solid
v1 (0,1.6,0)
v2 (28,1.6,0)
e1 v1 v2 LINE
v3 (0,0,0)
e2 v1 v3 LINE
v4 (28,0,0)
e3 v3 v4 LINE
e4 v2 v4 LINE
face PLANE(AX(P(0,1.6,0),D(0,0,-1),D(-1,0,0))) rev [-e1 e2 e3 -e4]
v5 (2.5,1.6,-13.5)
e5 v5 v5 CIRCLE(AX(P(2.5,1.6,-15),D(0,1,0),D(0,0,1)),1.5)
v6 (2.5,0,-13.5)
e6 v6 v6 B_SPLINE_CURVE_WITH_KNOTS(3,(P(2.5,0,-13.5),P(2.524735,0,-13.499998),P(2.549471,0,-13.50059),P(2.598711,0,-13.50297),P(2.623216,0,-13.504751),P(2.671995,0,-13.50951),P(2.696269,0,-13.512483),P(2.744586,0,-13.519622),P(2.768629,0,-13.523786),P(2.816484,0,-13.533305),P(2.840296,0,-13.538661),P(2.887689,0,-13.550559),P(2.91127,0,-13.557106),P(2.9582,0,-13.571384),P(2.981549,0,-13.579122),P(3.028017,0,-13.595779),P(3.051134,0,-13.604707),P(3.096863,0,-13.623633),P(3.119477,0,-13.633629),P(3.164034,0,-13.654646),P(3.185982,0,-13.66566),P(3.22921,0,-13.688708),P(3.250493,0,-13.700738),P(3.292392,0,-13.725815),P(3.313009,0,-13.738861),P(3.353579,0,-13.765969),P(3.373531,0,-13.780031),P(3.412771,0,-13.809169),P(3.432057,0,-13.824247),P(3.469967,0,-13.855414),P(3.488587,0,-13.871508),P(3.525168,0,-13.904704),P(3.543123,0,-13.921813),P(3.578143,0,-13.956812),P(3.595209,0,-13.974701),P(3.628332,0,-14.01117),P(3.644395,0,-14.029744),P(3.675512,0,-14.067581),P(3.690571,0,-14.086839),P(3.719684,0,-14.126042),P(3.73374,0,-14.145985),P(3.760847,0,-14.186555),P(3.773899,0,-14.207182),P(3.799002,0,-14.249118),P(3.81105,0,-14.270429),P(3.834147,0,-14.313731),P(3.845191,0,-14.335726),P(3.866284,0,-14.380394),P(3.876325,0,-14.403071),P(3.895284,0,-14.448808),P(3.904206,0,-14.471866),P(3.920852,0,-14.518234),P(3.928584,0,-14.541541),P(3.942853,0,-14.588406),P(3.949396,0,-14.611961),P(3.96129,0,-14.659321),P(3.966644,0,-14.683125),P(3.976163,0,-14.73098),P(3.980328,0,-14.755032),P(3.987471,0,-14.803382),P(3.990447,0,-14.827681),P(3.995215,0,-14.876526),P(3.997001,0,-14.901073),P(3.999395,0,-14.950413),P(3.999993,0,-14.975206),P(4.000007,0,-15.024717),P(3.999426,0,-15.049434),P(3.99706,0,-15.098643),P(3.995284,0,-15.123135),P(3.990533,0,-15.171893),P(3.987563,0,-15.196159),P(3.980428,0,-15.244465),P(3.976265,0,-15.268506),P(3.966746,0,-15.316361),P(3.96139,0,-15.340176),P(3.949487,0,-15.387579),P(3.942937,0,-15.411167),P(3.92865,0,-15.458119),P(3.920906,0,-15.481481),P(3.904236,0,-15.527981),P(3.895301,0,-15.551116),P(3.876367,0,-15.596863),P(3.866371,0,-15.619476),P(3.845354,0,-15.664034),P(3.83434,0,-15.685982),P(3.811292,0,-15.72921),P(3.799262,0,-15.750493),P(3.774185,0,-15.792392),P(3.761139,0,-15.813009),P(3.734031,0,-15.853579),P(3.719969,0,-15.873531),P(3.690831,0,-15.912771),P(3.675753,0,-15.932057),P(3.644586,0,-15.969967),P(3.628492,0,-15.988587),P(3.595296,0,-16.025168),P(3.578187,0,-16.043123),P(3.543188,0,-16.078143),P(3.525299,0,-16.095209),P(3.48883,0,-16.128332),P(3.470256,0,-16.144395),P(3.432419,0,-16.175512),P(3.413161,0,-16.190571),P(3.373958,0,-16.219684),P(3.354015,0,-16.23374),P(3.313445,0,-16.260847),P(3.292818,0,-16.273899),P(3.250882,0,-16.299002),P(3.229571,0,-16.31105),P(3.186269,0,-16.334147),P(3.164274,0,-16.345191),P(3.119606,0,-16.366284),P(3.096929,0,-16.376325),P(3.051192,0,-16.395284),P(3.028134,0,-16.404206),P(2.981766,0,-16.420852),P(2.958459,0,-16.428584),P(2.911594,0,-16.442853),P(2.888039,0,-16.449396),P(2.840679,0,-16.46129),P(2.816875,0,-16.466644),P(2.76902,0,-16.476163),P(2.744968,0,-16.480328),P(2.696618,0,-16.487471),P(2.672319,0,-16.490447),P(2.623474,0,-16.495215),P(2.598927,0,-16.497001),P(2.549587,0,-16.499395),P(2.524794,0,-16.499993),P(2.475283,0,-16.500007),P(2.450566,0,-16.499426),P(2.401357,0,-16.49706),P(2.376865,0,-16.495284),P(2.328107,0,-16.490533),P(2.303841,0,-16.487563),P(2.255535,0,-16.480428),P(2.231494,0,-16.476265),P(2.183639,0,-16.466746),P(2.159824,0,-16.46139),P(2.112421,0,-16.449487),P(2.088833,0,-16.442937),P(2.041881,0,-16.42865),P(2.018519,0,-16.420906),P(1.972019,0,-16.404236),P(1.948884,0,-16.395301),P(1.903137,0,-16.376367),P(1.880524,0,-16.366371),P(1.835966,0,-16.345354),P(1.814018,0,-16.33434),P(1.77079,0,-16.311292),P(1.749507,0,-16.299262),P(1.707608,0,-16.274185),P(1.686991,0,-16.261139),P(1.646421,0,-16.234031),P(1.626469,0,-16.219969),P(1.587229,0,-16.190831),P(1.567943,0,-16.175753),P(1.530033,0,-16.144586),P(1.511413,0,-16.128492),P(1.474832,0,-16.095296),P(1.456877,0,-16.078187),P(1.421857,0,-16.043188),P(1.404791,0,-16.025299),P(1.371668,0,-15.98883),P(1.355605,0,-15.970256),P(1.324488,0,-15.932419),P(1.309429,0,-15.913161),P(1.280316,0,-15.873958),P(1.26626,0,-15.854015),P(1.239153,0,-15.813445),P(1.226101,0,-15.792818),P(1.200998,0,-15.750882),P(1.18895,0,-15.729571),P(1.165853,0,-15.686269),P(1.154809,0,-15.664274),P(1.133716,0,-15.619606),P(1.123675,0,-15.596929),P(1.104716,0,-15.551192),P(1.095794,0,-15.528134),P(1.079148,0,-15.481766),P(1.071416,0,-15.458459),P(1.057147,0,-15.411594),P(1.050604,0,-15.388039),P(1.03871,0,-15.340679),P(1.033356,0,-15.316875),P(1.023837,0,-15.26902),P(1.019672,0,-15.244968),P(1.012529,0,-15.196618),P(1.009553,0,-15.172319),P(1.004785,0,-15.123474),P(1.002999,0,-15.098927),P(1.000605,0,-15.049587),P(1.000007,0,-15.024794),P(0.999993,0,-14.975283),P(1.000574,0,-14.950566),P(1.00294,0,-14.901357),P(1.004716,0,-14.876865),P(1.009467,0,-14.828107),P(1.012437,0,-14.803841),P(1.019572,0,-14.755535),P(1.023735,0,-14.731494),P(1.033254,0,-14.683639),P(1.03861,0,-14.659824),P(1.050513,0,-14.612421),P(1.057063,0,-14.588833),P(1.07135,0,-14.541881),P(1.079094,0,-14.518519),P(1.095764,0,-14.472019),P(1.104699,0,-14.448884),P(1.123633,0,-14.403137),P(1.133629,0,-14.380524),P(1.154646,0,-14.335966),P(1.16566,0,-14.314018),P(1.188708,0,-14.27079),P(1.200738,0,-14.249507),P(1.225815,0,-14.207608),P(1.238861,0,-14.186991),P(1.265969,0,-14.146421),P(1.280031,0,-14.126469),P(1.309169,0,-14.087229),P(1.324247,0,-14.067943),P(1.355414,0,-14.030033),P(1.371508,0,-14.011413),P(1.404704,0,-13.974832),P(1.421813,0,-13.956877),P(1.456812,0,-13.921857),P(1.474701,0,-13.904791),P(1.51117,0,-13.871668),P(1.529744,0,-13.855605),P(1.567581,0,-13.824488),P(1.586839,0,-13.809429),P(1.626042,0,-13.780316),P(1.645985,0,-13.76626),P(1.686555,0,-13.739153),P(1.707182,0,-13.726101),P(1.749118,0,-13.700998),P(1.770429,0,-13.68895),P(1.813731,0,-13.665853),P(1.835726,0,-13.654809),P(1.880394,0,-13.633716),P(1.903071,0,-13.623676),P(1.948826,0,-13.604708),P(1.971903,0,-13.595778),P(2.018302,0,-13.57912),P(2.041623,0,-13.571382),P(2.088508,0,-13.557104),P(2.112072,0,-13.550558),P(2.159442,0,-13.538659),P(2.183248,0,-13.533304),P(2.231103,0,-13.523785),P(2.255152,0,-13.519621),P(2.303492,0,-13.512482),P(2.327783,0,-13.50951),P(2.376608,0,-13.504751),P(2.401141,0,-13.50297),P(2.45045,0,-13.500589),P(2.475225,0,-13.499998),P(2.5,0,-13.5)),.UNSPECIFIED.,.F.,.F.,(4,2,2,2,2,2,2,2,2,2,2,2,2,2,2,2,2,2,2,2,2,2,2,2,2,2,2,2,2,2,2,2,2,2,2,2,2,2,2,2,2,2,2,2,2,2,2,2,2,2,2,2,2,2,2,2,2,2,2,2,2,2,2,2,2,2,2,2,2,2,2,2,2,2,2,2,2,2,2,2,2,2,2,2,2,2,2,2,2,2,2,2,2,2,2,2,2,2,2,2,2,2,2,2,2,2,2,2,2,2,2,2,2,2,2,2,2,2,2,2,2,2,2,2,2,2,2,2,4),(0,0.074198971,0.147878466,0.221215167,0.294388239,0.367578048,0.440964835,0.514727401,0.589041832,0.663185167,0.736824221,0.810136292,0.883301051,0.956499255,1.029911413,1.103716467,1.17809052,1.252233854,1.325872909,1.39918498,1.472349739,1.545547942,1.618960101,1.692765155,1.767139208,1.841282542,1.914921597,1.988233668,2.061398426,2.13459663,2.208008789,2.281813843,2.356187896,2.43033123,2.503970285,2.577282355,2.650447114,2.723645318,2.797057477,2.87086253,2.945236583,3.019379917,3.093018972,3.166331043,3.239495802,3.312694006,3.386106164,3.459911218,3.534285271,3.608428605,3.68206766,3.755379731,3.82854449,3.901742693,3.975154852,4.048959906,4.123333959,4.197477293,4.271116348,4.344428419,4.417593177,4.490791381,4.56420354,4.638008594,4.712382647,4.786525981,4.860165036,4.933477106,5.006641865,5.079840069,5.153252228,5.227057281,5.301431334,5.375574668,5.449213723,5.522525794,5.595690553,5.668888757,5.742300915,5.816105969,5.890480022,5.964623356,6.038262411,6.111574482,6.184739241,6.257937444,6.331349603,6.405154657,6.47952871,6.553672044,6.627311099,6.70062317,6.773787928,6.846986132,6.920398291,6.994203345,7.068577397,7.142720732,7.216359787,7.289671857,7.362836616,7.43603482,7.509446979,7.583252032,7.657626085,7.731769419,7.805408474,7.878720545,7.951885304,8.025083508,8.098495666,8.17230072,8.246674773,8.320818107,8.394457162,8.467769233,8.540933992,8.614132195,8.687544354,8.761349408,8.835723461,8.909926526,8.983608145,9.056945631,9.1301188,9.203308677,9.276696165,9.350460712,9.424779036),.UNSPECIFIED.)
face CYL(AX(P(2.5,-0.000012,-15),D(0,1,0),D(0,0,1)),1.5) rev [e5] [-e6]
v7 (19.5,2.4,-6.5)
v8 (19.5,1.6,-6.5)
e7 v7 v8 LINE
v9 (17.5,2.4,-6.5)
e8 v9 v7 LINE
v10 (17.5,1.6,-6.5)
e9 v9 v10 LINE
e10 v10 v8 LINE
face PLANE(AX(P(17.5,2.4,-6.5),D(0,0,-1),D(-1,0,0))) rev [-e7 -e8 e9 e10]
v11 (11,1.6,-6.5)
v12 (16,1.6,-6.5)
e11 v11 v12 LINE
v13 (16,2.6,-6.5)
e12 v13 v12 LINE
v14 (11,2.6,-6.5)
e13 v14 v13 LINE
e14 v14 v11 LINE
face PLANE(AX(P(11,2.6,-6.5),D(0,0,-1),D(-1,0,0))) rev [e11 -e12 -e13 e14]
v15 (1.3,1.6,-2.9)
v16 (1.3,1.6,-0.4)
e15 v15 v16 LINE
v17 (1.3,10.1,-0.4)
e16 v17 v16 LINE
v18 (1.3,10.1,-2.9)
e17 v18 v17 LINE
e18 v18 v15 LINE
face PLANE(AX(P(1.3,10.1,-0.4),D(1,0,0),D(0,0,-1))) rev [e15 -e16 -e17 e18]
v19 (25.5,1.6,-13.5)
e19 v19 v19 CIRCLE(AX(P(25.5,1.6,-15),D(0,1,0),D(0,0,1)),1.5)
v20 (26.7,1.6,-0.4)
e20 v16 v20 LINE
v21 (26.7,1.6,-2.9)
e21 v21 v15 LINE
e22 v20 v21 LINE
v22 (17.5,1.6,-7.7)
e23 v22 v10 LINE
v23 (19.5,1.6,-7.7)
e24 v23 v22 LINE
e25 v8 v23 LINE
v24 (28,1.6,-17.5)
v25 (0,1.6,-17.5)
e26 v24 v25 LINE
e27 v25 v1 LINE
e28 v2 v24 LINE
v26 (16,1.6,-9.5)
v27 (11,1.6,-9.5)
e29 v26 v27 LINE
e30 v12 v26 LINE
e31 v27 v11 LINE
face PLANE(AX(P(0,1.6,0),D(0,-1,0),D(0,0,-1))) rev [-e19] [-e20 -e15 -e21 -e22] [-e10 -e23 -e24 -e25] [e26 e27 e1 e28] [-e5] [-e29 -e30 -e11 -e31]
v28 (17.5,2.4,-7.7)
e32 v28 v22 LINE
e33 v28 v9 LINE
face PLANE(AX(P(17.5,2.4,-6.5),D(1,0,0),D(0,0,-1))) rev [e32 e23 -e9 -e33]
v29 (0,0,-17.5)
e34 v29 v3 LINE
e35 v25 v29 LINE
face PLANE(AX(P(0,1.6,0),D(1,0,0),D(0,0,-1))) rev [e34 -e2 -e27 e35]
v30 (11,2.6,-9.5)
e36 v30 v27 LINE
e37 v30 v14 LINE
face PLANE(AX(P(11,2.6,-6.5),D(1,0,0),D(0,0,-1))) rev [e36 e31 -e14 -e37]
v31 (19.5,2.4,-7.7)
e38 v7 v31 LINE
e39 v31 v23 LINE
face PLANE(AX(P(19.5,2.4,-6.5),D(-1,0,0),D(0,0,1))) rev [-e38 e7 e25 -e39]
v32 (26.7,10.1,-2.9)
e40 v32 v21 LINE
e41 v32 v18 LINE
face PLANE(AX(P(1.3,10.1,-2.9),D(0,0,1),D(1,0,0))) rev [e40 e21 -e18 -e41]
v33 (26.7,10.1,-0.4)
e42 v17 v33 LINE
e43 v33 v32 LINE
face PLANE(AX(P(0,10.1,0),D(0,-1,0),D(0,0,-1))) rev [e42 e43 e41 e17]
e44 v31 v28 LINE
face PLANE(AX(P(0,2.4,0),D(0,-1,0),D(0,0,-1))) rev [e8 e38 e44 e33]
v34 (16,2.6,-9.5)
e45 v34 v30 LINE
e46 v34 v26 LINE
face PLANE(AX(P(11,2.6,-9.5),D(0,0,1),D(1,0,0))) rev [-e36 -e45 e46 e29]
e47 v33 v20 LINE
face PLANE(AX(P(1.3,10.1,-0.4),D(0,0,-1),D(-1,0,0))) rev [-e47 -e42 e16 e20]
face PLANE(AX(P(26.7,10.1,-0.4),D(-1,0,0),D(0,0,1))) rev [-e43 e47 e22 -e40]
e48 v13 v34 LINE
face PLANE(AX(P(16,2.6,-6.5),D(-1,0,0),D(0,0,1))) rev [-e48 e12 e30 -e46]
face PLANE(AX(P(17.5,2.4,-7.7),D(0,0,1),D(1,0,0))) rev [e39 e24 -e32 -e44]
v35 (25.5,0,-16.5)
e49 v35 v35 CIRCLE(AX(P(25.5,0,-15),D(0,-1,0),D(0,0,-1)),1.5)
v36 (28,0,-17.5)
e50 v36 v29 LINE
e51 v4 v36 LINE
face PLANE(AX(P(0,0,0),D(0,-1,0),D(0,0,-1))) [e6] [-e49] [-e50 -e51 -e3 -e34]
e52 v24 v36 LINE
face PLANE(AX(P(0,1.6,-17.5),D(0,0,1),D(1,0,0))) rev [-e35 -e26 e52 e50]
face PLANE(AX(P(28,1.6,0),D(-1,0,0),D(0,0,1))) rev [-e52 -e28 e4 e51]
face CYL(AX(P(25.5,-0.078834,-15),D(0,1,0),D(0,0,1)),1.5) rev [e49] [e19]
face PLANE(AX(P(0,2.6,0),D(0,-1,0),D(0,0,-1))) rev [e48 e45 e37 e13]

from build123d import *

# Parameters (mm, degrees)
SKETCH1_W               = 28
SKETCH1_H               = 17.5
PCB_DEPTH               = 1.6
MOUNT_HOLE_1_DEPTH      = 34.057676869
MOUNT_HOLE_1_DEPTH_BACK = 34.057676869
SKETCH2_R               = 1.5
MOUNT_HOLE_2_DEPTH      = 34.057676869
MOUNT_HOLE_2_DEPTH_BACK = 34.057676869
SKETCH3_R               = 1.5
HEADER_10PIN_START      = 1.6
SKETCH4_W               = 25.4
SKETCH4_H               = 2.5
HEADER_10PIN_DEPTH      = 8.5
ADS1115_IC_START        = 1.6
SKETCH5_W               = 5
SKETCH5_H               = 3
ADS1115_IC_DEPTH        = 1
CAPS_START              = 1.6
SKETCH6_W               = 2
SKETCH6_H               = 1.2
CAPS_DEPTH              = 0.8


with BuildPart() as part:
    # Sketch1 → PCB (new body)
    with BuildSketch(Plane(origin=(0, 0, 0), x_dir=(1, 0, 0), z_dir=(0, 1, 0))):
        with Locations((14, 8.75)):
            Rectangle(SKETCH1_W, SKETCH1_H)
    extrude(amount=PCB_DEPTH)

    # Sketch2 → Mount_hole_1 (cut, two sides: drawn at the far end of the back side and taken through both)
    with BuildSketch(Plane(origin=(0, 0, 0), x_dir=(1, 0, 0), z_dir=(0, 1, 0)).offset(-MOUNT_HOLE_1_DEPTH_BACK)):
        with Locations(Location((2.5, 15, 0), (0, 0, 270))):
            Circle(SKETCH2_R)
    extrude(amount=MOUNT_HOLE_1_DEPTH + MOUNT_HOLE_1_DEPTH_BACK, mode=Mode.SUBTRACT)

    # Sketch3 → Mount_hole_2 (cut, two sides: drawn at the far end of the back side and taken through both)
    with BuildSketch(Plane(origin=(0, 0, 0), x_dir=(1, 0, 0), z_dir=(0, 1, 0)).offset(-MOUNT_HOLE_2_DEPTH_BACK)):
        with Locations(Location((25.5, 15, 0), (0, 0, 270))):
            Circle(SKETCH3_R)
    extrude(amount=MOUNT_HOLE_2_DEPTH + MOUNT_HOLE_2_DEPTH_BACK, mode=Mode.SUBTRACT)

    # Sketch4 → Header_10pin (add)
    with BuildSketch(Plane(origin=(0, 0, 0), x_dir=(1, 0, 0), z_dir=(0, 1, 0)).offset(HEADER_10PIN_START)):
        with Locations((14, 1.65)):
            Rectangle(SKETCH4_W, SKETCH4_H)
    extrude(amount=HEADER_10PIN_DEPTH)

    # Sketch5 → ADS1115_IC (add)
    with BuildSketch(Plane(origin=(0, 0, 0), x_dir=(1, 0, 0), z_dir=(0, 1, 0)).offset(ADS1115_IC_START)):
        with Locations((13.5, 8)):
            Rectangle(SKETCH5_W, SKETCH5_H)
    extrude(amount=ADS1115_IC_DEPTH)

    # Sketch6 → Caps (add)
    with BuildSketch(Plane(origin=(0, 0, 0), x_dir=(1, 0, 0), z_dir=(0, 1, 0)).offset(CAPS_START)):
        with Locations((18.5, 7.1)):
            Rectangle(SKETCH6_W, SKETCH6_H)
    extrude(amount=CAPS_DEPTH)


solid = part.part
